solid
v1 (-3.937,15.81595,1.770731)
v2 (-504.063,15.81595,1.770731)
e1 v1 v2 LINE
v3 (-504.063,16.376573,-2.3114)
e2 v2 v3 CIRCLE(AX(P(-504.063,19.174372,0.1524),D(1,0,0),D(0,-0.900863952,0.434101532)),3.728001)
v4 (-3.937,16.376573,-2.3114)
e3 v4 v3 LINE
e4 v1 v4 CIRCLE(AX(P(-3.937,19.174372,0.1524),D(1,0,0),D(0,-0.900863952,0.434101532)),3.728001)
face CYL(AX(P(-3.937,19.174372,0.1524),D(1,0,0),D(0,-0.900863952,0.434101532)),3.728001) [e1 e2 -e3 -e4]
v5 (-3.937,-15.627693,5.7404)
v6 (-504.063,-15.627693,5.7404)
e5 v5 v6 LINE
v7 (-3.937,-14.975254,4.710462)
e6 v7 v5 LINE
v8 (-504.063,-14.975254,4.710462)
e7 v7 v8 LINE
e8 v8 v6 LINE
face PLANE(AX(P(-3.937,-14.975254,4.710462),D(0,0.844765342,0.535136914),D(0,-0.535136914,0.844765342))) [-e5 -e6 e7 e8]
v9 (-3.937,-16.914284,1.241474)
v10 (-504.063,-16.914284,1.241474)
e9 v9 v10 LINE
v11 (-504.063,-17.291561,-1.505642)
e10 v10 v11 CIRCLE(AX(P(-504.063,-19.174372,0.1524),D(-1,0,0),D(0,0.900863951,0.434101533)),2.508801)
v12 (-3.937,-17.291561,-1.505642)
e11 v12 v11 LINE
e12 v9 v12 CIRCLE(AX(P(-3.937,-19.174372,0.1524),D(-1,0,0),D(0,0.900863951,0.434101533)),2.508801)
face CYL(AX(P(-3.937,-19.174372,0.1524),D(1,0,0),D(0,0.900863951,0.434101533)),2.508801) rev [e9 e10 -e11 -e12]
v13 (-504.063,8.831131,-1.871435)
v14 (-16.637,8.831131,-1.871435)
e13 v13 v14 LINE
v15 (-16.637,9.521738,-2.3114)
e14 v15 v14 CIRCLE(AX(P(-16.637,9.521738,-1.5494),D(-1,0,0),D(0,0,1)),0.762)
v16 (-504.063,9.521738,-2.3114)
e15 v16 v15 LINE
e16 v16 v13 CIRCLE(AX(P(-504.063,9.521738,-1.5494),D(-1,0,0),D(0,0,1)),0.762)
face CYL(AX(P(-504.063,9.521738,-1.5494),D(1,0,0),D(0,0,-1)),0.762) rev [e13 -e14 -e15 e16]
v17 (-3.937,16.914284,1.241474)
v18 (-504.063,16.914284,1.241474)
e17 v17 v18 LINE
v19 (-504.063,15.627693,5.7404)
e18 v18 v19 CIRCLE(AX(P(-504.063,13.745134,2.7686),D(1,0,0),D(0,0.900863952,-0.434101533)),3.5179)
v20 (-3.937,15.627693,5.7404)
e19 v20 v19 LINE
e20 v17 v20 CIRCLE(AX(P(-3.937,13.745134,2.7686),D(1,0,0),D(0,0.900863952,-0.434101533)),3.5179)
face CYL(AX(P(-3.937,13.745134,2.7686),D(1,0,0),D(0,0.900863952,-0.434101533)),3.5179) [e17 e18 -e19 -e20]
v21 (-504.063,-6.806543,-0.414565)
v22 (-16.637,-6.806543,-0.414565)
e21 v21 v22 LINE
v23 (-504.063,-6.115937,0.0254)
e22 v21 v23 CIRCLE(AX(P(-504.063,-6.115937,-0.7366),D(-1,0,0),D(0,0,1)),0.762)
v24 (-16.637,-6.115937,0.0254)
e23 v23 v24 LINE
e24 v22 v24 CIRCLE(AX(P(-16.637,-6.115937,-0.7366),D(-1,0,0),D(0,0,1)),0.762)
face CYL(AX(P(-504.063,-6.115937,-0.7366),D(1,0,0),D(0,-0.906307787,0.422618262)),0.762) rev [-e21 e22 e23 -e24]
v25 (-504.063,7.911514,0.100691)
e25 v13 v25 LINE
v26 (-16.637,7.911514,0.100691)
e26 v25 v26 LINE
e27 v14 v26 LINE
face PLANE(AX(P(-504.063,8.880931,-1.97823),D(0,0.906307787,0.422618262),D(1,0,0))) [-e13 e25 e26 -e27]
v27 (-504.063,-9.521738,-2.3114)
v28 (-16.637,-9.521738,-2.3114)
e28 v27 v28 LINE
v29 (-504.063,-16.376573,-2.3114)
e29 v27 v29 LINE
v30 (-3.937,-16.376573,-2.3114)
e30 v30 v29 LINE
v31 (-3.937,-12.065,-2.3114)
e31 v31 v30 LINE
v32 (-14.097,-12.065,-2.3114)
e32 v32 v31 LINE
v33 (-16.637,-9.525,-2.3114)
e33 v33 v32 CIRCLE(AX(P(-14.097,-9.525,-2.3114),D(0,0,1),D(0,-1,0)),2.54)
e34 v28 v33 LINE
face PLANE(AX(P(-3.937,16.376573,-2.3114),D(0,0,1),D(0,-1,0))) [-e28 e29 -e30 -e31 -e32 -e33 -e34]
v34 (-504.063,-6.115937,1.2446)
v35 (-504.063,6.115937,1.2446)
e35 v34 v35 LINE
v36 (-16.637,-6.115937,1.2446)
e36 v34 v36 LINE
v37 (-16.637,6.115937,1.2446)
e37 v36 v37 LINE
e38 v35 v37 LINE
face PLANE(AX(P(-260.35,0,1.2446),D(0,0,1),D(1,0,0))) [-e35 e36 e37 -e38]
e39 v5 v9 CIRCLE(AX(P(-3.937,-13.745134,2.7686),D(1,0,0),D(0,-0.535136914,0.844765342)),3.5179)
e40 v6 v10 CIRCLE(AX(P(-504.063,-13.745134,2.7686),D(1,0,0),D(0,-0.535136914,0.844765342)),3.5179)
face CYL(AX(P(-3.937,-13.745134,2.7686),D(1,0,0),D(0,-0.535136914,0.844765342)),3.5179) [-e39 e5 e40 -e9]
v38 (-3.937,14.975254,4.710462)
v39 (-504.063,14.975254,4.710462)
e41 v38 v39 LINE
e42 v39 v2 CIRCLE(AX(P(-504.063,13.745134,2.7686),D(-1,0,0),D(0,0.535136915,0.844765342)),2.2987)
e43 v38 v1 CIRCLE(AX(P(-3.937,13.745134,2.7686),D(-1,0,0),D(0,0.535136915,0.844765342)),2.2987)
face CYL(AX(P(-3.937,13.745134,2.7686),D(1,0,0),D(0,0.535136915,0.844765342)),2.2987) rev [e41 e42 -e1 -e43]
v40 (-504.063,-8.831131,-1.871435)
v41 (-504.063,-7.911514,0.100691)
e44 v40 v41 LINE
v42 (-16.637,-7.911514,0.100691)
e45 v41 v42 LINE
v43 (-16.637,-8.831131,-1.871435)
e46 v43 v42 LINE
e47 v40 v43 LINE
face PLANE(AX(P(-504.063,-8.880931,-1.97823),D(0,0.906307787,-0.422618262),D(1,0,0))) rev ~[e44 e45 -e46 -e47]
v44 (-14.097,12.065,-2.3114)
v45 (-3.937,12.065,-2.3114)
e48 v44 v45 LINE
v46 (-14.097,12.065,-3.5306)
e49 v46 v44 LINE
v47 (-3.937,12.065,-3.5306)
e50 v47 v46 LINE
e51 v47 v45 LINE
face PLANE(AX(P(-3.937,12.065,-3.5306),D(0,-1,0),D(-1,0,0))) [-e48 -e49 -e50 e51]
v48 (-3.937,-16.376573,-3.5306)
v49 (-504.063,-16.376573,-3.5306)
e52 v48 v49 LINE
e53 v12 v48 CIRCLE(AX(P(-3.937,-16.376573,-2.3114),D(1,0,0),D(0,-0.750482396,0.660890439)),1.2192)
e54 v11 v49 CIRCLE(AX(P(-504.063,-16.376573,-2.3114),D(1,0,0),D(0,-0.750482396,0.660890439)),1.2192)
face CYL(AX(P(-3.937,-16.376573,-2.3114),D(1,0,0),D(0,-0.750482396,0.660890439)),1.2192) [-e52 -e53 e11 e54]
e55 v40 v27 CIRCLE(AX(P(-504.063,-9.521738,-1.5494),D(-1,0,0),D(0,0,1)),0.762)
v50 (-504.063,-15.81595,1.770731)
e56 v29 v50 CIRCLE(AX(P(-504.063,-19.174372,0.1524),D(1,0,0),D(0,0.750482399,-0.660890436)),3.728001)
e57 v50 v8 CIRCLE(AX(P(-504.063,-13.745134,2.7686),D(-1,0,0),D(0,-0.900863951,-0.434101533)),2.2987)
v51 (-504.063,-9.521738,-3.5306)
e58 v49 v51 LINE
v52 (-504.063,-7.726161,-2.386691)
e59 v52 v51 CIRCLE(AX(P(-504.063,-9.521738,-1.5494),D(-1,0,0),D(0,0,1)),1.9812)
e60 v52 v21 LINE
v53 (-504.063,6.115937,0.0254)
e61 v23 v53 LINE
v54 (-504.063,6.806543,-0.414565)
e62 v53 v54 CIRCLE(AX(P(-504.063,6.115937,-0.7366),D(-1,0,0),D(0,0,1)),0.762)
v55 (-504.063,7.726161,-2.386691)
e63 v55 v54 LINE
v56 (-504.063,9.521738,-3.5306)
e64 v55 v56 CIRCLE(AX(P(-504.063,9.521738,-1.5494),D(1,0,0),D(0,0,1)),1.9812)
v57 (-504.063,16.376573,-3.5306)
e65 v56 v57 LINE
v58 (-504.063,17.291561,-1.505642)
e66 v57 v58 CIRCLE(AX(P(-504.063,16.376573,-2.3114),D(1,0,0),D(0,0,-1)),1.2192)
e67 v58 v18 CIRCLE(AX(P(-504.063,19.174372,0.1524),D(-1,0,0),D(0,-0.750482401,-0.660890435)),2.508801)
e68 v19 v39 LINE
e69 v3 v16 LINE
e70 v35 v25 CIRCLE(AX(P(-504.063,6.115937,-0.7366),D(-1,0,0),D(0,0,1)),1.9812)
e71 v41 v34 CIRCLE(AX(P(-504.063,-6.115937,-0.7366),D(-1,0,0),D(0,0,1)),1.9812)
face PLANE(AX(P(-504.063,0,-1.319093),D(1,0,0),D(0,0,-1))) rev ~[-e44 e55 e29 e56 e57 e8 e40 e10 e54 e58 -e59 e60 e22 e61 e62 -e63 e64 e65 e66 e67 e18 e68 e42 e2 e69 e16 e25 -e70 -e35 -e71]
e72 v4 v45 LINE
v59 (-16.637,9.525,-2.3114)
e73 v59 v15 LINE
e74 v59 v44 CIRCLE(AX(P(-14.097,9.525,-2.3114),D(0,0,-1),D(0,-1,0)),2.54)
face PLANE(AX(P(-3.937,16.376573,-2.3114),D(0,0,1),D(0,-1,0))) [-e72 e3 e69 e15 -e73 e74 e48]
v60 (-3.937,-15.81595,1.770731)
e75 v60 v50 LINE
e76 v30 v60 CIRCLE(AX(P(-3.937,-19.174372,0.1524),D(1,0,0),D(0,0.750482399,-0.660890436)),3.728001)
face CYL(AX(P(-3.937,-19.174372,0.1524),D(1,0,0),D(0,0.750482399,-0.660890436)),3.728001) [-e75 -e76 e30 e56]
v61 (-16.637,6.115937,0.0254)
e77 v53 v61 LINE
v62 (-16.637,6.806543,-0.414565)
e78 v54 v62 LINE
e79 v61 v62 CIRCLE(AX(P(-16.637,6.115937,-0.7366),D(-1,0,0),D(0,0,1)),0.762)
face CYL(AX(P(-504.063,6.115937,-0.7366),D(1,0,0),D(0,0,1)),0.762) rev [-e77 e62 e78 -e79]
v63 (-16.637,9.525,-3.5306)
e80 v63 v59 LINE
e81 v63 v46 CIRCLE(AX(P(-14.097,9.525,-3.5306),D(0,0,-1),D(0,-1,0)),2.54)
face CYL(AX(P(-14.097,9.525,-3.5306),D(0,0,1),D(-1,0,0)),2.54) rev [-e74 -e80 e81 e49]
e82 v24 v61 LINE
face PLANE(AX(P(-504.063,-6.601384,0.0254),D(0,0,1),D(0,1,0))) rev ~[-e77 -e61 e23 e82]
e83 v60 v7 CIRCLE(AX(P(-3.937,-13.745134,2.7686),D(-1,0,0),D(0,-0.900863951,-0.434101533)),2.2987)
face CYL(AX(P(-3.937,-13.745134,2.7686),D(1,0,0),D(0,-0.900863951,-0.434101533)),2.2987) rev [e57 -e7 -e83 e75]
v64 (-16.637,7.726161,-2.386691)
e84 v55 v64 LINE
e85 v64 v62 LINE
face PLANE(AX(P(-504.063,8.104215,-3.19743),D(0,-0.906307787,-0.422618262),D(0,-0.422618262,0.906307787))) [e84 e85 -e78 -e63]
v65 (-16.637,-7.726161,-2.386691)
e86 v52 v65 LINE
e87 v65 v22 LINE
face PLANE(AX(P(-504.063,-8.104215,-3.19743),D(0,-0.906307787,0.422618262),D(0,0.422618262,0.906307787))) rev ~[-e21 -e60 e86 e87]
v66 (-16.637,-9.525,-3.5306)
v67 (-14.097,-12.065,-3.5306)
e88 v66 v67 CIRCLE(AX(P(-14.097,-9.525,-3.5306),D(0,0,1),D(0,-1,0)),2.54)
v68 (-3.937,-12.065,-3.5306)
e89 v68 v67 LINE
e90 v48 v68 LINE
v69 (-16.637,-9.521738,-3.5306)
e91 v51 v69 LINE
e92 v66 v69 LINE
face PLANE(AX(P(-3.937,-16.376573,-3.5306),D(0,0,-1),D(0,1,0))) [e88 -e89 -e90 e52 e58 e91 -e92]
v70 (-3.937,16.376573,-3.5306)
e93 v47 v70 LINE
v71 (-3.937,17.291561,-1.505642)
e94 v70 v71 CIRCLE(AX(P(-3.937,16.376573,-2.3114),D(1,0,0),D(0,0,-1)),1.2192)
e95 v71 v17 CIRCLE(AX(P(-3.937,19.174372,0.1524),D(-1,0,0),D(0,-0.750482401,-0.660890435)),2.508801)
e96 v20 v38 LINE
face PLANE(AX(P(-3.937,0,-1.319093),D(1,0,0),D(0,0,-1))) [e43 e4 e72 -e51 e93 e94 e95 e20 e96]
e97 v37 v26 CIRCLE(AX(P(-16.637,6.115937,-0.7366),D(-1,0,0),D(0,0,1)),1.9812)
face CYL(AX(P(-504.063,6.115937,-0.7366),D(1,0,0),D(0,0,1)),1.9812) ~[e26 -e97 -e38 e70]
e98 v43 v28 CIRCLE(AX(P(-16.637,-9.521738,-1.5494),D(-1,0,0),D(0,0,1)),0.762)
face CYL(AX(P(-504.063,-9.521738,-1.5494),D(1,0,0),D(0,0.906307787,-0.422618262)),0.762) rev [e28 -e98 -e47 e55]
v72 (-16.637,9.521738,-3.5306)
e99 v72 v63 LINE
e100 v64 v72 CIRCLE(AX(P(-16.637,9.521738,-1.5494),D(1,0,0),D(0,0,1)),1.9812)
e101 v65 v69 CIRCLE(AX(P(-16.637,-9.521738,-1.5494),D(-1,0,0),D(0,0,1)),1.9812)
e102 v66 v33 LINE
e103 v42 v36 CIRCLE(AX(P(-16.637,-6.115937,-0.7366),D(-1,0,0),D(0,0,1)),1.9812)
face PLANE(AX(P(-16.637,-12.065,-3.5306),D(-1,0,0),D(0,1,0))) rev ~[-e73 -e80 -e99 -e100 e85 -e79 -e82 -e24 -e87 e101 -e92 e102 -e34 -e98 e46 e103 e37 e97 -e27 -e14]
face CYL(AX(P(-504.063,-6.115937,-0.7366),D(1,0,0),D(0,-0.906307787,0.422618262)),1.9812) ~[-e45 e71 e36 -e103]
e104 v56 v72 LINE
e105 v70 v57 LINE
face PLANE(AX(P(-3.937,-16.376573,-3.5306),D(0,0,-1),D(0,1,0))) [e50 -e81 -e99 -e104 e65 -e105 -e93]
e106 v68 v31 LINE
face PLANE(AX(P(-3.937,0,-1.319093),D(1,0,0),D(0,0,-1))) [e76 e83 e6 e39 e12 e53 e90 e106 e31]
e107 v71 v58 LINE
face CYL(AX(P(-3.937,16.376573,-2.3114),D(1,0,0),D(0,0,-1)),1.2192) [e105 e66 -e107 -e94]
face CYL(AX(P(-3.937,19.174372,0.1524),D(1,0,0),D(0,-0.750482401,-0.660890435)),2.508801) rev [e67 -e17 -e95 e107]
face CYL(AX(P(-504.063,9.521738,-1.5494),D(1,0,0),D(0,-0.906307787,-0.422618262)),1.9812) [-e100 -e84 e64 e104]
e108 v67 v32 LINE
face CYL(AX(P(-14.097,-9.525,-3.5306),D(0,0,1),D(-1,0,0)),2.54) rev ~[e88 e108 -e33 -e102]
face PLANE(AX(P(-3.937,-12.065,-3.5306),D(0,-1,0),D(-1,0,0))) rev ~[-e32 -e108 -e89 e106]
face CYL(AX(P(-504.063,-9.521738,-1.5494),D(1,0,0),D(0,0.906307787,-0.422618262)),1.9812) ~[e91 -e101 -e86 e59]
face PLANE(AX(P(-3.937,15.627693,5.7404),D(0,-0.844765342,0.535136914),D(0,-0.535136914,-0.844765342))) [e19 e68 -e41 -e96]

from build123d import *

# Parameters (mm, degrees)
BOSS_EXTRUDE1_DEPTH = 500.126
SKETCH2_W           = 12.7
SKETCH2_H           = 24.13
CUT_EXTRUDE1_DEPTH  = 505.455221633
SKETCH3_W           = 487.426
SKETCH3_H           = 14.75620072
BOSS_EXTRUDE2_DEPTH = 3.55599999
SKETCH4_W           = 3.55599999
SKETCH4_H           = 13.202768596
CUT_EXTRUDE2_DEPTH  = 501.46835993
DRAFT1_ANGLE        = 25
DRAFT2_ANGLE        = 25
FILLET1_R           = 0.76200009
FILLET2_R           = 1.98120009
FILLET3_R           = 2.54


with BuildPart() as part:
    # Sketch1 → Boss-Extrude1 (new body)
    with BuildSketch(Plane(origin=(-3.937, 0, 0), x_dir=(0, 0, -1), z_dir=(1, 0, 0))):
        with BuildLine():
            Line((2.311399989, 16.37657286), (2.311399989, -16.37657286))
            ThreePointArc((2.311399989, -16.37657286), (0.354826715, -15.481038557), (-1.770730805, -15.815950332))
            ThreePointArc((-1.770730805, -15.815950332), (-3.400639082, -15.955235788), (-4.710462095, -14.975253591))
            Line((-4.710462095, -14.975253591), (-5.7404, -15.627692517))
            ThreePointArc((-5.7404, -15.627692517), (-3.73586423, -17.127444277), (-1.241474216, -16.914283663))
            ThreePointArc((-1.241474216, -16.914283663), (0.188944014, -16.688900954), (1.505642365, -17.291560998))
            ThreePointArc((1.505642365, -17.291560998), (2.81343034, -17.487614789), (3.53059999, -16.37657286))
            Line((3.53059999, -16.37657286), (3.53059999, 16.37657286))
            ThreePointArc((3.53059999, 16.37657286), (2.81343034, 17.487614789), (1.505642365, 17.291560998))
            ThreePointArc((1.505642365, 17.291560998), (0.188944014, 16.688900954), (-1.241474216, 16.914283663))
            ThreePointArc((-1.241474216, 16.914283663), (-3.73586423, 17.127444277), (-5.7404, 15.627692517))
            Line((-5.7404, 15.627692517), (-4.710462095, 14.975253591))
            ThreePointArc((-4.710462095, 14.975253591), (-3.400639082, 15.955235788), (-1.770730805, 15.815950332))
            ThreePointArc((-1.770730805, 15.815950332), (0.354826715, 15.481038557), (2.311399989, 16.37657286))
        make_face()
    extrude(amount=-BOSS_EXTRUDE1_DEPTH)

    # Sketch2 → Cut-Extrude1 (cut, through all)
    with BuildSketch(Plane(origin=(0, 0, -3.53059999), x_dir=(-1, 0, 0), z_dir=(0, 0, -1))):
        with Locations((10.287, 0)):
            Rectangle(SKETCH2_W, SKETCH2_H)
    extrude(amount=-CUT_EXTRUDE1_DEPTH, mode=Mode.SUBTRACT)

    # Sketch3 → Boss-Extrude2 (add)
    with BuildSketch(Plane.XY.offset(-2.311399989)):
        with Locations((-260.35, 0)):
            Rectangle(SKETCH3_W, SKETCH3_H)
    extrude(amount=BOSS_EXTRUDE2_DEPTH)

    # Sketch4 → Cut-Extrude2 (cut, through all)
    with BuildSketch(Plane.ZY.offset(504.063)):
        with Locations((-1.752599995, 0)):
            Rectangle(SKETCH4_W, SKETCH4_H)
    extrude(amount=-CUT_EXTRUDE2_DEPTH, mode=Mode.SUBTRACT)

    # Draft1
    draft1_faces = [part.faces().sort_by_distance(p)[0] for p in [
        (-260.35, 7.37810036, -0.533399994),
        (-260.35, -7.37810036, -0.533399994),
    ]]
    draft(draft1_faces, Plane.XY.offset(1.244600001), DRAFT1_ANGLE)

    # Draft2
    draft2_faces = [part.faces().sort_by_distance(p)[0] for p in [
        (-260.35, 6.601384298, -1.752599995),
        (-260.35, -6.601384298, -1.752599995),
    ]]
    draft(draft2_faces, Plane(origin=(-3.937, -6.601384298, 0.0254), x_dir=(0, -1, 0), z_dir=(0, 0, -1)), DRAFT2_ANGLE)

    # Fillet1
    fillet1_edges = [part.edges().sort_by_distance(p)[0] for p in [
        (-260.35, -9.036290388, -2.311399989),
        (-260.35, 9.036290388, -2.311399989),
        (-260.35, 6.601384298, 0.0254),
        (-260.35, -6.601384298, 0.0254),
    ]]
    fillet(fillet1_edges, radius=FILLET1_R)

    # Fillet2
    fillet2_edges = [part.edges().sort_by_distance(p)[0] for p in [
        (-260.35, -7.37810036, 1.244600001),
        (-260.35, 7.37810036, 1.244600001),
        (-260.35, 8.259574326, -3.53059999),
        (-260.35, -8.259574326, -3.53059999),
    ]]
    fillet(fillet2_edges, radius=FILLET2_R)

    # Fillet3
    fillet3_edges = [part.edges().sort_by_distance(p)[0] for p in [
        (-16.637, 12.065, -2.92099999),
        (-16.637, -12.065, -2.92099999),
    ]]
    fillet(fillet3_edges, radius=FILLET3_R)


solid = part.part
